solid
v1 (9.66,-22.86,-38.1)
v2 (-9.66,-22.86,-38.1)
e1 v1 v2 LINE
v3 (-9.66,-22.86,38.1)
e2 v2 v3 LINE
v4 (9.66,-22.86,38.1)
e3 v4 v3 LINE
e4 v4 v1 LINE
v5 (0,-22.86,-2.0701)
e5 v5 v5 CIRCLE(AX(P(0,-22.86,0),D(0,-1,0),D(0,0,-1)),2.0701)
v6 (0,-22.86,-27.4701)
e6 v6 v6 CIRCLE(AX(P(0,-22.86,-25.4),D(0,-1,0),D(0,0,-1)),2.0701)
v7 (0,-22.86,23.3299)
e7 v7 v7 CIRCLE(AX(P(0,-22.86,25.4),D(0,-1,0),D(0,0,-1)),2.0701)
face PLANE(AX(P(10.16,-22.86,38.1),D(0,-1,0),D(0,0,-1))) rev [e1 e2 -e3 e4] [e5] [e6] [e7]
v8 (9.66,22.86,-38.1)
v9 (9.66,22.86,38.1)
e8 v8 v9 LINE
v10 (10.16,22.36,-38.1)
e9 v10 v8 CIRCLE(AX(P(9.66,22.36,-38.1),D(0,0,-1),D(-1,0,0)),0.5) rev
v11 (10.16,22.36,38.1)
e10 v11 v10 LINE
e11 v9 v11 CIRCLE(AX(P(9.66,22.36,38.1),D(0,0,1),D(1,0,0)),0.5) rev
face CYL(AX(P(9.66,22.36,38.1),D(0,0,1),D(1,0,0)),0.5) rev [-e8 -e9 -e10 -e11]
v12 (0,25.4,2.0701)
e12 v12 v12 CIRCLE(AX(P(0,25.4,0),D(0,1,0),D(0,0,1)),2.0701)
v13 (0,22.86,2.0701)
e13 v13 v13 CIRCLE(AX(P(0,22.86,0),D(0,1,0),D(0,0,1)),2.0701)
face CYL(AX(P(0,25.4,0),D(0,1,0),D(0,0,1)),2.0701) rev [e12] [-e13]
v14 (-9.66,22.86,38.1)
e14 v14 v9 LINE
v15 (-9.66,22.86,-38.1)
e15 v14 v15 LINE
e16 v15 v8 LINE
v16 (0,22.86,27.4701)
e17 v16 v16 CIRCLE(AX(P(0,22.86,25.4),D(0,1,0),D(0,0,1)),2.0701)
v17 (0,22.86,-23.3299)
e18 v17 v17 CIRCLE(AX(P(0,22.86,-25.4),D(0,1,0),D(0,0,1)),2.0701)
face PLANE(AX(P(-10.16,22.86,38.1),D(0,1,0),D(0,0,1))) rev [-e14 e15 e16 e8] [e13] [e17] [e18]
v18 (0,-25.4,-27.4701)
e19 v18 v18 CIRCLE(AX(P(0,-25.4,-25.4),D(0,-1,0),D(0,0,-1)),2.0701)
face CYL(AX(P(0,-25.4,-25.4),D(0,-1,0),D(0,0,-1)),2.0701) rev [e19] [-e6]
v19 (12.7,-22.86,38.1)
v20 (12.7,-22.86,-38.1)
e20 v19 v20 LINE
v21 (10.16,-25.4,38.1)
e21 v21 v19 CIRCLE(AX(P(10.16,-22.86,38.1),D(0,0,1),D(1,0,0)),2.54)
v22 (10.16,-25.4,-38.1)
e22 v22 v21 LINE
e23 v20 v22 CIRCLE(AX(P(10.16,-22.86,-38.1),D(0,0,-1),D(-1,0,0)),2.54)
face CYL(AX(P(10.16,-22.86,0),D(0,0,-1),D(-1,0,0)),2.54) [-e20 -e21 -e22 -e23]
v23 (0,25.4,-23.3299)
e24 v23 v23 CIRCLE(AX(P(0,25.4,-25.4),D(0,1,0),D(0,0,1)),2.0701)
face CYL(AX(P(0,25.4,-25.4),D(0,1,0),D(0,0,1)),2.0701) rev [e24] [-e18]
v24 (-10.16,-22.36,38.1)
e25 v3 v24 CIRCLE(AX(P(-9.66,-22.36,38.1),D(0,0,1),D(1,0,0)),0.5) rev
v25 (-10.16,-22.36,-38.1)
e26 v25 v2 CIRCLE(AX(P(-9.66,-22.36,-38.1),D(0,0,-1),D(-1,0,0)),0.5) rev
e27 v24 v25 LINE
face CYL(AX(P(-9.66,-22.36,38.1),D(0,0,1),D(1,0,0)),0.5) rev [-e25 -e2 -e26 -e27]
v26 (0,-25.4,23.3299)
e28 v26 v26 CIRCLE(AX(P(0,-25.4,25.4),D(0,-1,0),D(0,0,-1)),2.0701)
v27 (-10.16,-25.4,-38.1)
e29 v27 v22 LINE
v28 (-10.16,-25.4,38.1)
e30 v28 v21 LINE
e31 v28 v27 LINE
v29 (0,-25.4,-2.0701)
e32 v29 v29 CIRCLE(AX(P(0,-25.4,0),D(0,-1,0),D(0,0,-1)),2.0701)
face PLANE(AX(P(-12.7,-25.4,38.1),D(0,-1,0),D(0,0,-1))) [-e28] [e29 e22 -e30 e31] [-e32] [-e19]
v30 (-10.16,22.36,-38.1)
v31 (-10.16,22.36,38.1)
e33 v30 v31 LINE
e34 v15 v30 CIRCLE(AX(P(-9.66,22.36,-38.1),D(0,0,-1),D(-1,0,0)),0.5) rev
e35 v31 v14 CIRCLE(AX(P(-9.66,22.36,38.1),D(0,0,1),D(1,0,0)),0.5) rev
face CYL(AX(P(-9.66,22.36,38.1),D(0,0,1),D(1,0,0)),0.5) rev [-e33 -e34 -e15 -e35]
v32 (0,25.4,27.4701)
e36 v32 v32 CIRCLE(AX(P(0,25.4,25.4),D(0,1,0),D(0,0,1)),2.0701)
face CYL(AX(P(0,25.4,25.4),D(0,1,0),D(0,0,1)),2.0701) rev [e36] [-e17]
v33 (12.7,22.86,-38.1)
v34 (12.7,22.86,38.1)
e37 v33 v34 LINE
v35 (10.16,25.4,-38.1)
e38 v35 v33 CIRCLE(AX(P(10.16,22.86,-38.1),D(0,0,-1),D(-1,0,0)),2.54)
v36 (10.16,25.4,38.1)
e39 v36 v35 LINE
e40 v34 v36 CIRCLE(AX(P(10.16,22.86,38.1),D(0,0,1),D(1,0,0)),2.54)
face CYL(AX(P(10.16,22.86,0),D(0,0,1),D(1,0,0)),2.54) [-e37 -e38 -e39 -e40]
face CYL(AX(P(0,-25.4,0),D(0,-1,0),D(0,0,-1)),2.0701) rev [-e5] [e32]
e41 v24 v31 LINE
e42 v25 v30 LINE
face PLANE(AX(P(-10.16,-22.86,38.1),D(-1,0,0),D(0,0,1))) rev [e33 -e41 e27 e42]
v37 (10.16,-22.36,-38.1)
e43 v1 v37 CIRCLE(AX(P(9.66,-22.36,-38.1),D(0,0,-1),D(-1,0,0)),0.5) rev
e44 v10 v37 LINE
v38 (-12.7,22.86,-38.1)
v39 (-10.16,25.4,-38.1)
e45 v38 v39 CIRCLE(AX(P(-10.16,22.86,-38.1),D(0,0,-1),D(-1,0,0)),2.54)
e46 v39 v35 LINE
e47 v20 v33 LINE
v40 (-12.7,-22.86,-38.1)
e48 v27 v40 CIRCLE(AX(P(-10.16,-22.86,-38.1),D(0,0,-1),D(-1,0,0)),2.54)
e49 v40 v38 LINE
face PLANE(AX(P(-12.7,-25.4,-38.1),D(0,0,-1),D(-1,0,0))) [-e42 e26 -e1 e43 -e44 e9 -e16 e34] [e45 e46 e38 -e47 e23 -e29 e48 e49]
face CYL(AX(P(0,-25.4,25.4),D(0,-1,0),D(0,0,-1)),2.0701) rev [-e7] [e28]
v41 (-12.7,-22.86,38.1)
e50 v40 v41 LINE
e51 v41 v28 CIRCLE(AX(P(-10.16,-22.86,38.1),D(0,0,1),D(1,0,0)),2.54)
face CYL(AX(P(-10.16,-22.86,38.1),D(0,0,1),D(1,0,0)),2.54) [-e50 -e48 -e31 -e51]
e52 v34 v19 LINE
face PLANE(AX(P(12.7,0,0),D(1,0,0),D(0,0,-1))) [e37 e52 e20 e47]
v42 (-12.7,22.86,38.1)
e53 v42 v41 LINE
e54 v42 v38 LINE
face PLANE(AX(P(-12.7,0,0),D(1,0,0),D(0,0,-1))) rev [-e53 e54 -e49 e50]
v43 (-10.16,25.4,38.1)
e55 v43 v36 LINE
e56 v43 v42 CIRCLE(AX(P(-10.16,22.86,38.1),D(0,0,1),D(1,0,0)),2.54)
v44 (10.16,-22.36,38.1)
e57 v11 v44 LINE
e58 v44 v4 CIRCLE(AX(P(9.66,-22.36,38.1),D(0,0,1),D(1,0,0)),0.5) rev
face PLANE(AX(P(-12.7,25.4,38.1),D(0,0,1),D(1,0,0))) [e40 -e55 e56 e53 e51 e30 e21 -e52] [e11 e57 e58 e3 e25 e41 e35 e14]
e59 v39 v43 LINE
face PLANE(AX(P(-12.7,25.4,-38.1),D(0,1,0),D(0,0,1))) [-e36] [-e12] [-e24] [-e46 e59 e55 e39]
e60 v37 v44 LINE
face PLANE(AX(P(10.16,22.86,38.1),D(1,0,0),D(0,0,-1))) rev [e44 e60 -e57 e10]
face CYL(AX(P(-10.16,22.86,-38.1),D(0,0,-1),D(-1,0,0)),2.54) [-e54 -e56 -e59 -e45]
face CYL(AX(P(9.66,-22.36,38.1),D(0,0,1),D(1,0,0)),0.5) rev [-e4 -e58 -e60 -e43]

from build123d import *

# Parameters (mm, degrees)
SKETCH1_W                 = 76.2
SKETCH1_H                 = 50.8
BOSS_EXTRUDE1_DEPTH       = 25.4
SKETCH2_W                 = 20.32
SKETCH2_H                 = 45.72
CUT_EXTRUDE1_DEPTH        = 77.2
F_6_CLEARANCE_HOLE1_D     = 4.1402
F_6_CLEARANCE_HOLE1_DEPTH = 50.8
F_6_CLEARANCE_HOLE2_D     = 4.1402
F_6_CLEARANCE_HOLE2_DEPTH = 50.8
FILLET1_R                 = 0.5
FILLET2_R                 = 2.54


with BuildPart() as part:
    # Sketch1 → Boss-Extrude1 (new body)
    with BuildSketch(Plane(origin=(12.7, 0, 0), x_dir=(0, 0, -1), z_dir=(1, 0, 0))):
        Rectangle(SKETCH1_W, SKETCH1_H)
    extrude(amount=-BOSS_EXTRUDE1_DEPTH)

    # Sketch2 → Cut-Extrude1 (cut, through all)
    with BuildSketch(Plane(origin=(0, 0, -38.1), x_dir=(-1, 0, 0), z_dir=(0, 0, -1))):
        Rectangle(SKETCH2_W, SKETCH2_H)
    extrude(amount=-CUT_EXTRUDE1_DEPTH, mode=Mode.SUBTRACT)

    # #6 Clearance Hole1
    with Locations(Plane(origin=(0, -25.4, 0), x_dir=(-1, 0, 0), z_dir=(0, -1, 0))):
        with Locations((0, 711.2), (0, 736.6), (0, 685.8), (0, 660.4), (0, 635), (0, 609.6), (0, 584.2), (0, 558.8), (0, 533.4), (0, 508), (0, 482.6), (0, 457.2), (0, 431.8), (0, 406.4), (0, 381), (0, 355.6), (0, 330.2), (0, 304.8), (0, 279.4), (0, 254), (0, 228.6), (0, 203.2), (0, 177.8), (0, 152.4), (0, 127), (0, 101.6), (0, 76.2), (0, 50.8), (0, 25.4), (0, 0), (0, -25.4), (0, -50.8), (0, -76.2), (0, -101.6), (0, -127), (0, -152.4), (0, -177.8), (0, -203.2), (0, -228.6), (0, -254), (0, -279.4), (0, -304.8), (0, -330.2), (0, -355.6), (0, -381), (0, -406.4), (0, -431.8), (0, -457.2), (0, -482.6), (0, -508), (0, -533.4), (0, -558.8), (0, -584.2), (0, -609.6), (0, -635), (0, -660.4), (0, -685.8), (0, -711.2), (0, -736.6)):
            Hole(F_6_CLEARANCE_HOLE1_D / 2, depth=F_6_CLEARANCE_HOLE1_DEPTH)

    # #6 Clearance Hole2
    with Locations(Plane(origin=(0, 25.4, 0), x_dir=(1, 0, 0), z_dir=(0, 1, 0))):
        with Locations((0, 711.2), (0, 736.6), (0, 685.8), (0, 660.4), (0, 635), (0, 609.6), (0, 584.2), (0, 558.8), (0, 533.4), (0, 508), (0, 482.6), (0, 457.2), (0, 431.8), (0, 406.4), (0, 381), (0, 355.6), (0, 330.2), (0, 304.8), (0, 279.4), (0, 254), (0, 228.6), (0, 203.2), (0, 177.8), (0, 152.4), (0, 127), (0, 101.6), (0, 76.2), (0, 50.8), (0, 25.4), (0, 0), (0, -25.4), (0, -50.8), (0, -76.2), (0, -101.6), (0, -127), (0, -152.4), (0, -177.8), (0, -203.2), (0, -228.6), (0, -254), (0, -279.4), (0, -304.8), (0, -330.2), (0, -355.6), (0, -381), (0, -406.4), (0, -431.8), (0, -457.2), (0, -482.6), (0, -508), (0, -533.4), (0, -558.8), (0, -584.2), (0, -609.6), (0, -635), (0, -660.4), (0, -685.8), (0, -711.2), (0, -736.6)):
            Hole(F_6_CLEARANCE_HOLE2_D / 2, depth=F_6_CLEARANCE_HOLE2_DEPTH)

    # Fillet1
    fillet1_edges = [part.edges().sort_by_distance(p)[0] for p in [
        (-10.16, -22.86, 0),
        (10.16, -22.86, 0),
        (10.16, 22.86, 0),
        (-10.16, 22.86, 0),
    ]]
    fillet(fillet1_edges, radius=FILLET1_R)

    # Fillet2
    fillet2_edges = [part.edges().sort_by_distance(p)[0] for p in [
        (-12.7, 25.4, 0),
        (-12.7, -25.4, 0),
        (12.7, 25.4, 0),
        (12.7, -25.4, 0),
    ]]
    fillet(fillet2_edges, radius=FILLET2_R)


solid = part.part
